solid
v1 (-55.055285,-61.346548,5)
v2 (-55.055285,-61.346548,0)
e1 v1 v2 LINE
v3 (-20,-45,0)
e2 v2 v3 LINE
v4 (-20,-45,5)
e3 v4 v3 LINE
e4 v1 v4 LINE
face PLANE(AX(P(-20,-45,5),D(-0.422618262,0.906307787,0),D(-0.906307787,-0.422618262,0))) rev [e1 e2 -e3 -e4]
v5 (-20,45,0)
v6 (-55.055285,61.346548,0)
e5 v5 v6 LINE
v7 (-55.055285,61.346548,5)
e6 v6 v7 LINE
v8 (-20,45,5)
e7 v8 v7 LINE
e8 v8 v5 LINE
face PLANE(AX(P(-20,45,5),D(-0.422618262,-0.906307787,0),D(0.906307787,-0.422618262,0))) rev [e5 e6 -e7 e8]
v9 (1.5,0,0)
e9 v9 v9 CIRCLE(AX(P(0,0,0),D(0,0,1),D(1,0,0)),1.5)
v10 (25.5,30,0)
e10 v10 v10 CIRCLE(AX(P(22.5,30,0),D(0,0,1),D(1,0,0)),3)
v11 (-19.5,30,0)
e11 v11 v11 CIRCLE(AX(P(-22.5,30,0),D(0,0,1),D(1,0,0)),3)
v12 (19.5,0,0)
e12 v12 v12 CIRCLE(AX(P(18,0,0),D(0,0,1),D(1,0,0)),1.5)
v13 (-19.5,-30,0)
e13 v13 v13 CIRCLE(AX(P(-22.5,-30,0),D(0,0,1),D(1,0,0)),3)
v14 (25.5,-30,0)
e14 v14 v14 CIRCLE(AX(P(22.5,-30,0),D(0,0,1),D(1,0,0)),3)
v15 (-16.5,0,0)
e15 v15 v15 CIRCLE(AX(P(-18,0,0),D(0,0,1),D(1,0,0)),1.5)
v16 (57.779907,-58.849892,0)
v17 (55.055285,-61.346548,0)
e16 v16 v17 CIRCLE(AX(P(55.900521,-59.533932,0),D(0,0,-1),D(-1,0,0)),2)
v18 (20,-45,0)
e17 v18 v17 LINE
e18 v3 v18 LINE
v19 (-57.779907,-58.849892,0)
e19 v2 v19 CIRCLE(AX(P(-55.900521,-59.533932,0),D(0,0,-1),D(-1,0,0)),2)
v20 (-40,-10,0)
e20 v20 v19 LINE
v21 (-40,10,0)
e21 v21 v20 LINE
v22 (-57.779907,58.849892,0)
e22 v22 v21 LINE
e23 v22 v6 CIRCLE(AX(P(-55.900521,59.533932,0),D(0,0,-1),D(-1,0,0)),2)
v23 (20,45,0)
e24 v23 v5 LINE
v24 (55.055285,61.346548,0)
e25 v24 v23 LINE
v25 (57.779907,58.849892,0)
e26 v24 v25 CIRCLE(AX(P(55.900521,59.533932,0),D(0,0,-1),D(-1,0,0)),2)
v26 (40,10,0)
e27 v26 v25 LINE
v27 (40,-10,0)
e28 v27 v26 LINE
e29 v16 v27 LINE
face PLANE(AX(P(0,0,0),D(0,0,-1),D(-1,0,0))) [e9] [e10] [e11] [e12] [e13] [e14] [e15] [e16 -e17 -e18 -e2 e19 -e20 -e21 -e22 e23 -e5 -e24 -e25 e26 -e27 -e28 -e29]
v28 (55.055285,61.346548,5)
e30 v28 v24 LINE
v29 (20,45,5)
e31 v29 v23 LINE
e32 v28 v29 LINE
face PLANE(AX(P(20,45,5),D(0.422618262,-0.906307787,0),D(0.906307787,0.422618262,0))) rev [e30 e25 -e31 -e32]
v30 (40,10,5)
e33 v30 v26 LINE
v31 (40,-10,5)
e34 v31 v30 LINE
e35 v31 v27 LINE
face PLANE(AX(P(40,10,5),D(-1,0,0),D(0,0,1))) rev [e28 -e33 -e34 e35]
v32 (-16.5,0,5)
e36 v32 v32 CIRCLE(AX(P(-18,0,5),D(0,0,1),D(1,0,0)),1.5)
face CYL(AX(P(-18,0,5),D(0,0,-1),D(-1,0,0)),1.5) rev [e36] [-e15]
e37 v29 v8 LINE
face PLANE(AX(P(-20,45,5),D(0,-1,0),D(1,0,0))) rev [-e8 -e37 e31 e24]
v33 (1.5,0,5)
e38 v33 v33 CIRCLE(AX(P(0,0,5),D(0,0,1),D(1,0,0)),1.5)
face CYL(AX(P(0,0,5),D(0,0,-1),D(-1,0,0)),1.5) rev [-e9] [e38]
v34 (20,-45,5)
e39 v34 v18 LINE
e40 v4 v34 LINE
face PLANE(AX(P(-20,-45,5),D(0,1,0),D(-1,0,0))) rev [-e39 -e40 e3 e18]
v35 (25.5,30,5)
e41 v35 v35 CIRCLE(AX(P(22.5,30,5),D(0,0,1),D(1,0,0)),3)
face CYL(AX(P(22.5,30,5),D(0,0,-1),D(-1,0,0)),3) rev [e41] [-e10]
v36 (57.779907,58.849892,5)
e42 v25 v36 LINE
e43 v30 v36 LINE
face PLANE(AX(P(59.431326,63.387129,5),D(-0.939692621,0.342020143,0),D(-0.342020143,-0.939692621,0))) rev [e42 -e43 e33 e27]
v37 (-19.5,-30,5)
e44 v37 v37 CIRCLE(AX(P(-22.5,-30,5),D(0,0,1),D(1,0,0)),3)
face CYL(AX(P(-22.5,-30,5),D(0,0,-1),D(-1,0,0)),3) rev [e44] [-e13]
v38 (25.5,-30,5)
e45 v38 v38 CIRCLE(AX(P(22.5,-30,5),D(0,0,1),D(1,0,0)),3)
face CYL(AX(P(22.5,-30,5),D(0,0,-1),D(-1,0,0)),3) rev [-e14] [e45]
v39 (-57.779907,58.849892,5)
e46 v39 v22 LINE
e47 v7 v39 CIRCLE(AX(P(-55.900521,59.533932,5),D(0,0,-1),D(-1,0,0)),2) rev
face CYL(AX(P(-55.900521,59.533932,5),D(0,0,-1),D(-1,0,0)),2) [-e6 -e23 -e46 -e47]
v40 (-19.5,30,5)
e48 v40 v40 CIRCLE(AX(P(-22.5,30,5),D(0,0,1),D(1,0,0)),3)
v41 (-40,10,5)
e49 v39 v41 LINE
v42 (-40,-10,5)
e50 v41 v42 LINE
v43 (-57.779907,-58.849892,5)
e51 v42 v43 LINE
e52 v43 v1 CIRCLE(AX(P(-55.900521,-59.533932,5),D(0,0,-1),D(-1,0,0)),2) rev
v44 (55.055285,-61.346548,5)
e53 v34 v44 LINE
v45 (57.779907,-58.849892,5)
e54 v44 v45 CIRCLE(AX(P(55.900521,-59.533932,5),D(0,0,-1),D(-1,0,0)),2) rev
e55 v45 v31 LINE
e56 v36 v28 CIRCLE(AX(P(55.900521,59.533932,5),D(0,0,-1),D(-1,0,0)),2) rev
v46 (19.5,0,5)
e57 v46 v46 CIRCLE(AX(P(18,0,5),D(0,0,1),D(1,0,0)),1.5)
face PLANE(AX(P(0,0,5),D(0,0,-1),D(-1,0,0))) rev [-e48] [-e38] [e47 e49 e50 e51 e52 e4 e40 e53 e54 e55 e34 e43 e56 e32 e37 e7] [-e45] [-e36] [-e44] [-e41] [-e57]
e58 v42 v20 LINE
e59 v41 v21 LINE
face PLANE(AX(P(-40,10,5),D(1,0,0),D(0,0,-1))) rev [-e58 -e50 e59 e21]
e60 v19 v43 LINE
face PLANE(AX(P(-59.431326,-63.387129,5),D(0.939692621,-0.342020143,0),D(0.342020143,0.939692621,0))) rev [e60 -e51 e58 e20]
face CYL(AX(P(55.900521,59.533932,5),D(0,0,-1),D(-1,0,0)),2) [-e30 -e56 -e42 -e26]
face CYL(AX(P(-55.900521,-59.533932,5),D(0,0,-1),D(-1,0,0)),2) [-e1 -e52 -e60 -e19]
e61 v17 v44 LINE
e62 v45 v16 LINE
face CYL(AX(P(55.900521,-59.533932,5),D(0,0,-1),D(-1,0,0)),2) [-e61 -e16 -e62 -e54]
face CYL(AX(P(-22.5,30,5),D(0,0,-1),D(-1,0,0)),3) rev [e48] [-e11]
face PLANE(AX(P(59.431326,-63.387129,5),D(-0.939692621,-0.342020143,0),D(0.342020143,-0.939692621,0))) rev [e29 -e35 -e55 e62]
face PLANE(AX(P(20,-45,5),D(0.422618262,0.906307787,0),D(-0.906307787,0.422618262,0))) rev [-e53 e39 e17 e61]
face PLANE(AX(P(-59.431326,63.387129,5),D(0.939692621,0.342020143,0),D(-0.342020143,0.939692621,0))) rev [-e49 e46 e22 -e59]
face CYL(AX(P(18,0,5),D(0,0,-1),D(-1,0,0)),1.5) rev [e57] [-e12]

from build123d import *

# Parameters (mm, degrees)
SKETCH1_R           = 3
SKETCH1_R_2         = 1.5
BOSS_EXTRUDE1_DEPTH = 5
FILLET1_R           = 2


with BuildPart() as part:
    # Sketch1 → Boss-Extrude1 (new body)
    with BuildSketch(Plane.XY):
        Polygon((-20, 45), (20, 45), (59.431325943, 63.387129258), (40, 10), (40, -10), (59.431325943, -63.387129258), (20, -45), (-20, -45), (-59.431325943, -63.387129258), (-40, -10), (-40, 10), (-59.431325943, 63.387129258), align=None)
        with Locations((-22.5, 30)):
            Circle(SKETCH1_R, mode=Mode.SUBTRACT)
        Circle(SKETCH1_R_2, mode=Mode.SUBTRACT)
        with Locations((-18, 0)):
            Circle(SKETCH1_R_2, mode=Mode.SUBTRACT)
        with Locations((18, 0)):
            Circle(SKETCH1_R_2, mode=Mode.SUBTRACT)
        with Locations((22.5, 30)):
            Circle(SKETCH1_R, mode=Mode.SUBTRACT)
        with Locations((22.5, -30)):
            Circle(SKETCH1_R, mode=Mode.SUBTRACT)
        with Locations((-22.5, -30)):
            Circle(SKETCH1_R, mode=Mode.SUBTRACT)
    extrude(amount=BOSS_EXTRUDE1_DEPTH)

    # Fillet1
    fillet1_edges = [part.edges().sort_by_distance(p)[0] for p in [
        (59.431325943, 63.387129258, 2.5),
        (59.431325943, -63.387129258, 2.5),
        (-59.431325943, -63.387129258, 2.5),
        (-59.431325943, 63.387129258, 2.5),
    ]]
    fillet(fillet1_edges, radius=FILLET1_R)


solid = part.part
